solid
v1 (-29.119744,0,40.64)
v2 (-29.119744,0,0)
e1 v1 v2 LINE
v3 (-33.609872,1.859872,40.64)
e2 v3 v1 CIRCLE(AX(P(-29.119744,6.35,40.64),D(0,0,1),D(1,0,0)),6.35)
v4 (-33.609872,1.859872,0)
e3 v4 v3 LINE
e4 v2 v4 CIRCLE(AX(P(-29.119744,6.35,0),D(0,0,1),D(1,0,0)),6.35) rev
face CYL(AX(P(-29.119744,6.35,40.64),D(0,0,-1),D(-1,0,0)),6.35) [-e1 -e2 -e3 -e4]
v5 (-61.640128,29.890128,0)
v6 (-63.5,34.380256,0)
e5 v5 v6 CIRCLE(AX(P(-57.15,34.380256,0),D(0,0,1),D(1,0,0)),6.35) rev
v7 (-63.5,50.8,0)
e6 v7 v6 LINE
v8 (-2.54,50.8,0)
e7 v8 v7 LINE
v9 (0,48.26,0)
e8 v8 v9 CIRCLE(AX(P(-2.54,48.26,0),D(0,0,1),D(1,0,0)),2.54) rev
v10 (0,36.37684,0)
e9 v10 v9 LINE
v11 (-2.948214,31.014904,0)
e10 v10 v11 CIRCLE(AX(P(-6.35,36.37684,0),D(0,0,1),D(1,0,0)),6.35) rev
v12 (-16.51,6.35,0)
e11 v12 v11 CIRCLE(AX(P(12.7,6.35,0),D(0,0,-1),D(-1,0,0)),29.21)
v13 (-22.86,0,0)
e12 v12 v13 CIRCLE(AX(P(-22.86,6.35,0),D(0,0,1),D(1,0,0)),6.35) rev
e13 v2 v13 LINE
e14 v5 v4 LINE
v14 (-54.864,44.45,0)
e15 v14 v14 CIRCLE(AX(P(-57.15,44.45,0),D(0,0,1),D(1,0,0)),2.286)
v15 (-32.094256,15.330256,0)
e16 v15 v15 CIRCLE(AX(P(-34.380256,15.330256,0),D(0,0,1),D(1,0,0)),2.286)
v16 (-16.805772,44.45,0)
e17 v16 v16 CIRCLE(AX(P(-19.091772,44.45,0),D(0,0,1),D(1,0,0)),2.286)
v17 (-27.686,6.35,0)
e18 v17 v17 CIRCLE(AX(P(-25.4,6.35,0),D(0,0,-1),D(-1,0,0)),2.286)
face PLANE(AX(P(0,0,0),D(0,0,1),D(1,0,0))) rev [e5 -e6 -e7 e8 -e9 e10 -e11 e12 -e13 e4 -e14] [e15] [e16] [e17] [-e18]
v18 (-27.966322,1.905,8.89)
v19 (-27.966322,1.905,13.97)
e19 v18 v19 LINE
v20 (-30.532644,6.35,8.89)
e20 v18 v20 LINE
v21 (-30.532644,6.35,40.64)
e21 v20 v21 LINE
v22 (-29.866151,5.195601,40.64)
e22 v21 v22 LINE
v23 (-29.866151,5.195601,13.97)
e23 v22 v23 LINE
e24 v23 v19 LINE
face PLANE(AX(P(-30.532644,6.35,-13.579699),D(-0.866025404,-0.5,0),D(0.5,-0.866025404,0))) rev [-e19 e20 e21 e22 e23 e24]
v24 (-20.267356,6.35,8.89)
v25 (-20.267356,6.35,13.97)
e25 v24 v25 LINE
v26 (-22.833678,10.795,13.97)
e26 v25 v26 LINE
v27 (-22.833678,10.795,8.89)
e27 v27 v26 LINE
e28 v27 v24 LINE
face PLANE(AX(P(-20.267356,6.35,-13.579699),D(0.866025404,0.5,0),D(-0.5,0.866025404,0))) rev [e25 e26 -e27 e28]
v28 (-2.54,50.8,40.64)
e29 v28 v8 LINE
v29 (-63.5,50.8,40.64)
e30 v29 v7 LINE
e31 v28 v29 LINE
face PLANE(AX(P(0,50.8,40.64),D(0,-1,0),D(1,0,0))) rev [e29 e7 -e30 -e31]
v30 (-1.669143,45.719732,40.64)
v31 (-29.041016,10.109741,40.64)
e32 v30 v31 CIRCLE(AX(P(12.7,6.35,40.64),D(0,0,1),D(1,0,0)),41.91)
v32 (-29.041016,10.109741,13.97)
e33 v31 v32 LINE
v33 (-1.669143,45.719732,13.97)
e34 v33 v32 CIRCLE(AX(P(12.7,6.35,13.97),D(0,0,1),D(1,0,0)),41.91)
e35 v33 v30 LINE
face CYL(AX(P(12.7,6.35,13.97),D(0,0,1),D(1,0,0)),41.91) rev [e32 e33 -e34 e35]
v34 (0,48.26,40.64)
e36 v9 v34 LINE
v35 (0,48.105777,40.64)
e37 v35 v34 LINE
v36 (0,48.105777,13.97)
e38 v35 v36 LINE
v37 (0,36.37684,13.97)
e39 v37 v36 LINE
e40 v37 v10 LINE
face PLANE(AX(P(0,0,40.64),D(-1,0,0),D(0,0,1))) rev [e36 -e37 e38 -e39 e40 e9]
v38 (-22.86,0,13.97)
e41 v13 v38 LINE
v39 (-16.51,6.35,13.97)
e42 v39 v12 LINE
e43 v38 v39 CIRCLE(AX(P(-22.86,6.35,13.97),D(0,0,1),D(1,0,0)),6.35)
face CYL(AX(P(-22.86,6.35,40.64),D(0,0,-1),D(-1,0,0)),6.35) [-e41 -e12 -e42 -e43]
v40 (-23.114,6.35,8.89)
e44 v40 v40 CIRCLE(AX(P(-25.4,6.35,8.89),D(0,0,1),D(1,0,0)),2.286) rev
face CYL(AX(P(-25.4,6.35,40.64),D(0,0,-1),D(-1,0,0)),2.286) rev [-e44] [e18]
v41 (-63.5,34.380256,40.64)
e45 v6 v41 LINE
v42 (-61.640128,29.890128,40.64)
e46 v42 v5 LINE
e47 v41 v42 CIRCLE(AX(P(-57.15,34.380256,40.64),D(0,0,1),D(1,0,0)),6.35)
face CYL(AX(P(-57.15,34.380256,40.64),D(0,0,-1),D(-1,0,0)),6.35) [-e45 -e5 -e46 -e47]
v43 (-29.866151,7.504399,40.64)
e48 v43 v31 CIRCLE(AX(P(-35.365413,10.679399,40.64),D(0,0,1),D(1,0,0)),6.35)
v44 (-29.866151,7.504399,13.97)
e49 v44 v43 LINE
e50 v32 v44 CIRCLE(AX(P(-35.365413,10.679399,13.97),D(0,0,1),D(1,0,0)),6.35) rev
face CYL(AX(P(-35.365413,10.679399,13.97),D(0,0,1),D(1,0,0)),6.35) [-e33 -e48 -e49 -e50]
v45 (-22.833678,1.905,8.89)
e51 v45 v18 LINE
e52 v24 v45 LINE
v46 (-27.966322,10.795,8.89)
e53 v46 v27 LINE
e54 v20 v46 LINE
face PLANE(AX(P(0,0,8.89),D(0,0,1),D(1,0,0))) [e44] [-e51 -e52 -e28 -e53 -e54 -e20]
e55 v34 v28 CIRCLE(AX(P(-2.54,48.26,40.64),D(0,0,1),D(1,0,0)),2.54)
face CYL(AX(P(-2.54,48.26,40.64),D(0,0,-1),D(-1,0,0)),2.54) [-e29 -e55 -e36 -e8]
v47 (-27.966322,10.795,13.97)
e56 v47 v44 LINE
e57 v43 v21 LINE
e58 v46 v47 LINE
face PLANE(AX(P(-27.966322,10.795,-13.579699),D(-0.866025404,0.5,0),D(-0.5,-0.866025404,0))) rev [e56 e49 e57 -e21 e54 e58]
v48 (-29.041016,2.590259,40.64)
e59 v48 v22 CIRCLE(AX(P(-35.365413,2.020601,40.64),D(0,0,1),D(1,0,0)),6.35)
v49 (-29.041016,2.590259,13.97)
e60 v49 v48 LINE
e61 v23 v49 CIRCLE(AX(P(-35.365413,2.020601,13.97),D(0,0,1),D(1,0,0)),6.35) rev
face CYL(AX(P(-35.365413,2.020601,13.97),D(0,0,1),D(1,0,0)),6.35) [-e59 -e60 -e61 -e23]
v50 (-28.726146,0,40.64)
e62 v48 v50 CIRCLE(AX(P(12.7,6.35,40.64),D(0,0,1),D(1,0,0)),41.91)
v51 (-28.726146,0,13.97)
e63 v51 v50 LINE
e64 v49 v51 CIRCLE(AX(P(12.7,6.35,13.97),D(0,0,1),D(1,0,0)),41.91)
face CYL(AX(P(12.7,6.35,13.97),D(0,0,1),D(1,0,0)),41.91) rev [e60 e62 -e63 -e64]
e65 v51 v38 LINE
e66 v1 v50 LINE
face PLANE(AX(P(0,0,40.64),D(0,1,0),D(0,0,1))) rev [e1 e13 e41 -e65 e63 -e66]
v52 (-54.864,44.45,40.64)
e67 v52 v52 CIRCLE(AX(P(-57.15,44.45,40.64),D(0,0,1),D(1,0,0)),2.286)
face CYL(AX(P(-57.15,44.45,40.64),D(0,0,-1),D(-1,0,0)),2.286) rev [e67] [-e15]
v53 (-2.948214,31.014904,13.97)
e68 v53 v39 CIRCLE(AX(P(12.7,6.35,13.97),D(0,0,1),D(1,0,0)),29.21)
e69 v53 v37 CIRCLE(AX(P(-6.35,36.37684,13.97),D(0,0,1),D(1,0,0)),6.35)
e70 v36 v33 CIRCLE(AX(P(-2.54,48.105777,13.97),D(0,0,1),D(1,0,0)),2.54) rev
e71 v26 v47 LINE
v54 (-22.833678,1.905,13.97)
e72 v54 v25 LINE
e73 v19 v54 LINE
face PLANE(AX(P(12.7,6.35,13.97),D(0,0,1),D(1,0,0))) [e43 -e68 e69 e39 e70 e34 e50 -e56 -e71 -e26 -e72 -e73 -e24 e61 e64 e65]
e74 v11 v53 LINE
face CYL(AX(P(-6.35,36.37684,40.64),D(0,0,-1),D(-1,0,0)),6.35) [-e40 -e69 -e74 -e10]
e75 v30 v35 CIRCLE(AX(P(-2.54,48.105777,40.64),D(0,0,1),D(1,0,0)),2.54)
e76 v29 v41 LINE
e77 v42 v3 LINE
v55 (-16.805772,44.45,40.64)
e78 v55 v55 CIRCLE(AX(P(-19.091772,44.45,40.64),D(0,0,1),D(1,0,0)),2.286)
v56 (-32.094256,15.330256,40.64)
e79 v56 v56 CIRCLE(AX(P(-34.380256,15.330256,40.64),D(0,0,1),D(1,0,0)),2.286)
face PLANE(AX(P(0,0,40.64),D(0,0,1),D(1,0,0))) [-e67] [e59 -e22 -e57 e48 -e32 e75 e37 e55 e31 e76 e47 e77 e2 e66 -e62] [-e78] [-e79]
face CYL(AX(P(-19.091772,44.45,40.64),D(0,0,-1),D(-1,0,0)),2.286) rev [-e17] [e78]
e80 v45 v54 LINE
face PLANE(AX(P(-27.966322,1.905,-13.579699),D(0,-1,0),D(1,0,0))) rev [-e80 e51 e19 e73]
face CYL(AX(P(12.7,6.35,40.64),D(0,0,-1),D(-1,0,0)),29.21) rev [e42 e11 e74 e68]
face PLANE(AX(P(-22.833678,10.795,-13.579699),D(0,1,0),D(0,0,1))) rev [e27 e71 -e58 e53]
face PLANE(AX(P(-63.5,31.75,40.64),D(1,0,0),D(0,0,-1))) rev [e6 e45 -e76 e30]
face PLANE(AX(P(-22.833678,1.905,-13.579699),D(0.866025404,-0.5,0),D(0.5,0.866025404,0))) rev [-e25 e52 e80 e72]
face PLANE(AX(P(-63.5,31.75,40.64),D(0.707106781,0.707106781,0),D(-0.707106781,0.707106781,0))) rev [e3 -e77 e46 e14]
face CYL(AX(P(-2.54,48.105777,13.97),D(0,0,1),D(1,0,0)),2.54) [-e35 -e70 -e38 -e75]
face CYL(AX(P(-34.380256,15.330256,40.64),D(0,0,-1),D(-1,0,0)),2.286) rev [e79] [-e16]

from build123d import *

# Parameters (mm, degrees)
SKETCH1_R           = 2.286
BOSS_EXTRUDE1_DEPTH = 40.64
SKETCH2_R           = 41.91
CUT_EXTRUDE1_DEPTH  = 26.67
SKETCH3_R           = 29.21
CUT_EXTRUDE2_DEPTH  = 91.909293254
SKETCH4_R           = 2.286
CUT_EXTRUDE3_DEPTH  = 91.909293254
CUT_EXTRUDE4_DEPTH  = 31.75
FILLET1_R           = 6.35
FILLET2_R           = 2.54
FILLET3_R           = 6.35


with BuildPart() as part:
    # Sketch1 → Boss-Extrude1 (new body)
    with BuildSketch(Plane.XY):
        Polygon((-63.5, 31.75), (-31.75, 0), (0, 0), (0, 50.8), (-63.5, 50.8), align=None)
        with Locations((-57.15, 44.45)):
            Circle(SKETCH1_R, mode=Mode.SUBTRACT)
        with Locations((-19.091771775, 44.45)):
            Circle(SKETCH1_R, mode=Mode.SUBTRACT)
        with Locations((-34.380256121, 15.330256121)):
            Circle(SKETCH1_R, mode=Mode.SUBTRACT)
    extrude(amount=BOSS_EXTRUDE1_DEPTH)

    # Sketch2 → Cut-Extrude1 (cut)
    with BuildSketch(Plane.XY.offset(40.64)):
        with Locations((12.7, 6.35)):
            Circle(SKETCH2_R)
    extrude(amount=-CUT_EXTRUDE1_DEPTH, mode=Mode.SUBTRACT)

    # Sketch3 → Cut-Extrude2 (cut, through all)
    with BuildSketch(Plane(origin=(0, 0, 0), x_dir=(-1, 0, 0), z_dir=(0, 0, -1))):
        with Locations((-12.7, 6.35)):
            Circle(SKETCH3_R)
    extrude(amount=-CUT_EXTRUDE2_DEPTH, mode=Mode.SUBTRACT)

    # Sketch4 → Cut-Extrude3 (cut, through all)
    with BuildSketch(Plane(origin=(0, 0, 0), x_dir=(-1, 0, 0), z_dir=(0, 0, -1))):
        with Locations((25.4, 6.35)):
            Circle(SKETCH4_R)
    extrude(amount=-CUT_EXTRUDE3_DEPTH, mode=Mode.SUBTRACT)

    # Sketch5 → Cut-Extrude4 (cut)
    with BuildSketch(Plane.XY.offset(40.64)):
        Polygon((-20.267356107, 6.35), (-22.833678053, 10.795), (-27.966321947, 10.795), (-30.532643893, 6.35), (-27.966321947, 1.905), (-22.833678053, 1.905), align=None)
    extrude(amount=-CUT_EXTRUDE4_DEPTH, mode=Mode.SUBTRACT)

    # Fillet1
    fillet1_edges = [part.edges().sort_by_distance(p)[0] for p in [
        (0, 32.654640275, 6.985),
        (-15.811429287, 0, 6.985),
        (-31.75, 0, 20.32),
        (-63.5, 31.75, 20.32),
    ]]
    fillet(fillet1_edges, radius=FILLET1_R)

    # Fillet2
    fillet2_edges = [part.edges().sort_by_distance(p)[0] for p in [
        (0, 46.289430392, 27.305),
        (0, 50.8, 20.32),
    ]]
    fillet(fillet2_edges, radius=FILLET2_R)

    # Fillet3
    fillet3_edges = [part.edges().sort_by_distance(p)[0] for p in [
        (-29.140585836, 3.938884718, 27.305),
        (-29.140585836, 8.761115282, 27.305),
    ]]
    fillet(fillet3_edges, radius=FILLET3_R)


solid = part.part
